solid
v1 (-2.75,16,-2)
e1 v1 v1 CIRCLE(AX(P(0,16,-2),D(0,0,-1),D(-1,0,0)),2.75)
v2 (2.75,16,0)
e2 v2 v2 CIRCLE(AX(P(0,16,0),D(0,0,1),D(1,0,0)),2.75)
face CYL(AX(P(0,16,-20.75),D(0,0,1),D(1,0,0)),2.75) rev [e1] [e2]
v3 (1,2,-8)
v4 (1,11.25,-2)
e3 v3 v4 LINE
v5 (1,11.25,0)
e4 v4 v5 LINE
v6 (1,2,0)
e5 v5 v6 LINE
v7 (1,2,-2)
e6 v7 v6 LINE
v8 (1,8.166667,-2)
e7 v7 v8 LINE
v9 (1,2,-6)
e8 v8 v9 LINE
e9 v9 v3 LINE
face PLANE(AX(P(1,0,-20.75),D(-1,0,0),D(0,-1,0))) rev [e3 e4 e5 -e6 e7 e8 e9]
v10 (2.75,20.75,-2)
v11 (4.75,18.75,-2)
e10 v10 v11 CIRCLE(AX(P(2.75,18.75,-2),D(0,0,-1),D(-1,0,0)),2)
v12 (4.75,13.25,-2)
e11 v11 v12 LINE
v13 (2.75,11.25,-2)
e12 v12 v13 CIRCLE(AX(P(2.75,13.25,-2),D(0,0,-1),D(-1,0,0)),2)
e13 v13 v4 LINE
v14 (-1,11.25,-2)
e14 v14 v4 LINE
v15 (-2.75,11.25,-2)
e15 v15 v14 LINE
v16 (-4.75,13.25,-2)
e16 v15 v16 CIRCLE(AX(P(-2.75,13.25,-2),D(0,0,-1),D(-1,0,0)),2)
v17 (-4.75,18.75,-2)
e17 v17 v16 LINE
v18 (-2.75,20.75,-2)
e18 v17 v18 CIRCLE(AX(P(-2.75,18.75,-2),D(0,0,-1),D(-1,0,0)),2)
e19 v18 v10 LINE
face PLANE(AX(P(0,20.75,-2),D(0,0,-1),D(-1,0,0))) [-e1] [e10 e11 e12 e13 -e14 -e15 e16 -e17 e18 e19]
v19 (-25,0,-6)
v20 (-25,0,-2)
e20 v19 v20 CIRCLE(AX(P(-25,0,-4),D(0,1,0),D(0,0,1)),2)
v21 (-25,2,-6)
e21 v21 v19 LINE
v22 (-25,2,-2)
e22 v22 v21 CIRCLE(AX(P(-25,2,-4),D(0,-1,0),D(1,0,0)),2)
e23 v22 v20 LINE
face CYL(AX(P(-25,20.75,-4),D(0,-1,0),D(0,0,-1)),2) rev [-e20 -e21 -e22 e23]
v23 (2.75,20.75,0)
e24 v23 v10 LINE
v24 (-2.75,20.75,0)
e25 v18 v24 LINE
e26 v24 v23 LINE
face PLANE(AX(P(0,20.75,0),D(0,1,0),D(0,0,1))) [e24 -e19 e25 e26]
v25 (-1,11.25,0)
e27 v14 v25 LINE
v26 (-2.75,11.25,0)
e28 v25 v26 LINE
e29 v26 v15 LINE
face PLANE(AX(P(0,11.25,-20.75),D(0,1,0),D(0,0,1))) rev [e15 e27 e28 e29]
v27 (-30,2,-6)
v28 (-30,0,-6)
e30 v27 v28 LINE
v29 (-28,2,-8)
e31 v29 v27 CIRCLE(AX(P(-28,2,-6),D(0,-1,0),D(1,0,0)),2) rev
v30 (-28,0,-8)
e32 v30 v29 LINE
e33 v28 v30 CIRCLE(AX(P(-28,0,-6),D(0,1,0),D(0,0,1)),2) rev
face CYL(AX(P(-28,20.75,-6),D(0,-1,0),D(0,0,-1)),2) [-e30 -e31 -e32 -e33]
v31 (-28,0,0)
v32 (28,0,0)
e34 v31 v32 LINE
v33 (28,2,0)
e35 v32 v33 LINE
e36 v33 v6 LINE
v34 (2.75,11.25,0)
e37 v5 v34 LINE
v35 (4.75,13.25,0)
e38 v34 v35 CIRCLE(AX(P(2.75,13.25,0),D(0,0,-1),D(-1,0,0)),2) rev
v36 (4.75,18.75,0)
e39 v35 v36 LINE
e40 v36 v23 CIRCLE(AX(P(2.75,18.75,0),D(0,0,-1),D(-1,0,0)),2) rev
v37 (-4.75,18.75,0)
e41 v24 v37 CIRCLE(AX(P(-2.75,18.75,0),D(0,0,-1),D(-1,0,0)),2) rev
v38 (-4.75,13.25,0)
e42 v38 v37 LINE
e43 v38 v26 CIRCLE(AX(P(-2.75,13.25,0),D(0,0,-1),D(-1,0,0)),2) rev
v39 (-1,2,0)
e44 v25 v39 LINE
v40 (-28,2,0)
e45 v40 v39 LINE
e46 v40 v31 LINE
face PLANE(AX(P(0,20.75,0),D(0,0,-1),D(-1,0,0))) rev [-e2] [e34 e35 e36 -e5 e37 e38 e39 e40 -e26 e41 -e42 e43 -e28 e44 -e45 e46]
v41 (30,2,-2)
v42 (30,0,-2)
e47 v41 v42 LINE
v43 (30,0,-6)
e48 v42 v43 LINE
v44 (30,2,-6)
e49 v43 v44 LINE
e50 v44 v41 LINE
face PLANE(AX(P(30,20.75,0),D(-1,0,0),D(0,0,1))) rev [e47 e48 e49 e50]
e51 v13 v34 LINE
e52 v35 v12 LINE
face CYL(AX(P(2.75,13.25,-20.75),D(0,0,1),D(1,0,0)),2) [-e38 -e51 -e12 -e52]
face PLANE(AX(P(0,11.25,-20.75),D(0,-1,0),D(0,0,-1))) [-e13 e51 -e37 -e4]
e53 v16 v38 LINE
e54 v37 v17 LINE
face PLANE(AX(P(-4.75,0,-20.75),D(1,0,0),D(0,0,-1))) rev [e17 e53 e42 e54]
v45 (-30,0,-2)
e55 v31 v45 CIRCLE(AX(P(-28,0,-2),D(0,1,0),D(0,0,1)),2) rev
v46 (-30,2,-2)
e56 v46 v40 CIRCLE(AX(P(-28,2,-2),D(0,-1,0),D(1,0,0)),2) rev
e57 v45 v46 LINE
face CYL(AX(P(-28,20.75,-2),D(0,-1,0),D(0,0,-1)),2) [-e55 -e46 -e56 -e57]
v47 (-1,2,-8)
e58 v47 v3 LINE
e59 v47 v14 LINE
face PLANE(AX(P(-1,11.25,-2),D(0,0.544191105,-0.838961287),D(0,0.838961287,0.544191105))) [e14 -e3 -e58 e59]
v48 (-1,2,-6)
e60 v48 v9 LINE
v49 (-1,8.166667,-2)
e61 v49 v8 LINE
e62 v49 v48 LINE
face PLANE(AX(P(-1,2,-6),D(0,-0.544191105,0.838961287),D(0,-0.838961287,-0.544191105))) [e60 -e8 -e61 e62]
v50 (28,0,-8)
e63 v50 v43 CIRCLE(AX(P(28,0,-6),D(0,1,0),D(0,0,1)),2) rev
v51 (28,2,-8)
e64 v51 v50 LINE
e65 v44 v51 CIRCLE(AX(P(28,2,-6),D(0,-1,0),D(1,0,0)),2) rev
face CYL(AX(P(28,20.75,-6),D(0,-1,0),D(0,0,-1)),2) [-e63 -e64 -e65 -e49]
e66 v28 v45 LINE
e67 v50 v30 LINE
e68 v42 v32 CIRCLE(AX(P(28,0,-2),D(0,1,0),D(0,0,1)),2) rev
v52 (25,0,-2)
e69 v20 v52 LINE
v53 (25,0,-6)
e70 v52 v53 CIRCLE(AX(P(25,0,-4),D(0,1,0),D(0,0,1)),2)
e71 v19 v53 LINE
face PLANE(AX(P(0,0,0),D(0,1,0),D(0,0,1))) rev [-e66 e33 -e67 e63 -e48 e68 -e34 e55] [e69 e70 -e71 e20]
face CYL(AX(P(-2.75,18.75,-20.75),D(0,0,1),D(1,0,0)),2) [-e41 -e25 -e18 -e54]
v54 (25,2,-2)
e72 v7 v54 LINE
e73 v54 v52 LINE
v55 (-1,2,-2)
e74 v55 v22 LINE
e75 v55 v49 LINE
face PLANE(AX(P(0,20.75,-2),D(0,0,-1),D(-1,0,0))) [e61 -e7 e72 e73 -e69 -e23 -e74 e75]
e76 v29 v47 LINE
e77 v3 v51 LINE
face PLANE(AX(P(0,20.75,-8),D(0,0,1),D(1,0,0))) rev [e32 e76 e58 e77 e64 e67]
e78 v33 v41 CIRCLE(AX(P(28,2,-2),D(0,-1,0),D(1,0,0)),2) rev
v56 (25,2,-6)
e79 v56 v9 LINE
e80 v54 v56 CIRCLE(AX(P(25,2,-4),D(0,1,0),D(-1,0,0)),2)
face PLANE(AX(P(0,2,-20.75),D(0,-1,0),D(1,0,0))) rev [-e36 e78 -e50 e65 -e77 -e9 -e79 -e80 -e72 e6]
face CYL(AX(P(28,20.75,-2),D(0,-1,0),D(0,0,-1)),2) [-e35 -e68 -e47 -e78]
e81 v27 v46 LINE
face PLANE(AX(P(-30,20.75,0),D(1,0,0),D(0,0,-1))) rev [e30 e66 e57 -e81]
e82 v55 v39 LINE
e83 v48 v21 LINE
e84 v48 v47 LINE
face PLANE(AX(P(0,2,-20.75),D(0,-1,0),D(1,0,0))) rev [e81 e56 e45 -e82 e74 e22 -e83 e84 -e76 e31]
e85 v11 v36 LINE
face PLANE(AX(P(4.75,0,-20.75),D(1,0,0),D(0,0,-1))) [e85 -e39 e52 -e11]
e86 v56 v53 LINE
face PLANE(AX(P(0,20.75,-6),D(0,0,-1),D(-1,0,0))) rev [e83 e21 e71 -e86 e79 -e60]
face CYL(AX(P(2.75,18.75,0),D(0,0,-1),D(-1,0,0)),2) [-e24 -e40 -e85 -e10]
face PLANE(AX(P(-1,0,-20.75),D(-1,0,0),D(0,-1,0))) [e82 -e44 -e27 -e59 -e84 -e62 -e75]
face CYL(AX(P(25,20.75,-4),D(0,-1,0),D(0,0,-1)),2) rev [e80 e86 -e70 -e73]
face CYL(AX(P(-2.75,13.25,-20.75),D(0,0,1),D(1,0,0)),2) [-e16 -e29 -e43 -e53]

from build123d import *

# Parameters (mm, degrees)
BOSS_EXTRUDE1_DEPTH = 20.75
SKETCH2_R           = 2.75
CUT_EXTRUDE1_DEPTH  = 20.75
SKETCH3_W           = 2
SKETCH3_H           = 18.75
CUT_EXTRUDE2_DEPTH  = 20.75
FILLET1_R           = 2
BOSS_EXTRUDE2_DEPTH = 2


with BuildPart() as part:
    # Sketch1 → Boss-Extrude1 (new body)
    with BuildSketch(Plane(origin=(0, 0, 0), x_dir=(1, 0, 0), z_dir=(0, 1, 0))):
        with BuildLine():
            Line((-30, 0), (0, 0))
            Line((0, 0), (30, 0))
            Line((30, 0), (30, 4))
            Line((30, 4), (27, 4))
            ThreePointArc((27, 4), (26.414213562, 2.585786438), (25, 2))
            Line((25, 2), (-25, 2))
            ThreePointArc((-25, 2), (-26.414213562, 2.585786438), (-27, 4))
            Line((-27, 4), (-30, 4))
            Line((-30, 4), (-30, 0))
        make_face()
        with BuildLine():
            Line((27, 4), (30, 4))
            Line((30, 4), (30, 8))
            Line((30, 8), (-30, 8))
            Line((-30, 8), (-30, 4))
            Line((-30, 4), (-27, 4))
            ThreePointArc((-27, 4), (-26.414213562, 5.414213562), (-25, 6))
            Line((-25, 6), (25, 6))
            ThreePointArc((25, 6), (26.414213562, 5.414213562), (27, 4))
        make_face()
    extrude(amount=BOSS_EXTRUDE1_DEPTH)

    # Sketch2 → Cut-Extrude1 (cut)
    with BuildSketch(Plane.XY):
        Polygon((-30, 20.75), (-30, 2), (-1, 2), (-1, 11.25), (-4.75, 11.25), (-4.75, 20.75), align=None)
        with Locations((0, 16)):
            Circle(SKETCH2_R)
        Polygon((4.75, 11.25), (1, 11.25), (1, 2), (30, 2), (30, 20.75), (4.75, 20.75), align=None)
    extrude(amount=-CUT_EXTRUDE1_DEPTH, mode=Mode.SUBTRACT)

    # Sketch3 → Cut-Extrude2 (cut)
    with BuildSketch(Plane(origin=(4.75, 0, 0), x_dir=(0, 0, -1), z_dir=(1, 0, 0))):
        with Locations((7, 11.375)):
            Rectangle(SKETCH3_W, SKETCH3_H)
    extrude(amount=-CUT_EXTRUDE2_DEPTH, mode=Mode.SUBTRACT)

    # Fillet1
    fillet1_edges = [part.edges().sort_by_distance(p)[0] for p in [
        (4.75, 20.75, -1),
        (-4.75, 20.75, -1),
        (30, 1, -8),
        (30, 1, 0),
        (-30, 1, 0),
        (-30, 1, -8),
        (-4.75, 11.25, -1),
        (4.75, 11.25, -1),
    ]]
    fillet(fillet1_edges, radius=FILLET1_R)

    # Sketch5 → Boss-Extrude2 (add)
    with BuildSketch(Plane(origin=(1, 0, 0), x_dir=(0, 0, -1), z_dir=(1, 0, 0))):
        Polygon((2, 11.25), (8, 2), (6, 2), (2, 8.166666667), align=None)
    extrude(amount=-BOSS_EXTRUDE2_DEPTH)


solid = part.part
